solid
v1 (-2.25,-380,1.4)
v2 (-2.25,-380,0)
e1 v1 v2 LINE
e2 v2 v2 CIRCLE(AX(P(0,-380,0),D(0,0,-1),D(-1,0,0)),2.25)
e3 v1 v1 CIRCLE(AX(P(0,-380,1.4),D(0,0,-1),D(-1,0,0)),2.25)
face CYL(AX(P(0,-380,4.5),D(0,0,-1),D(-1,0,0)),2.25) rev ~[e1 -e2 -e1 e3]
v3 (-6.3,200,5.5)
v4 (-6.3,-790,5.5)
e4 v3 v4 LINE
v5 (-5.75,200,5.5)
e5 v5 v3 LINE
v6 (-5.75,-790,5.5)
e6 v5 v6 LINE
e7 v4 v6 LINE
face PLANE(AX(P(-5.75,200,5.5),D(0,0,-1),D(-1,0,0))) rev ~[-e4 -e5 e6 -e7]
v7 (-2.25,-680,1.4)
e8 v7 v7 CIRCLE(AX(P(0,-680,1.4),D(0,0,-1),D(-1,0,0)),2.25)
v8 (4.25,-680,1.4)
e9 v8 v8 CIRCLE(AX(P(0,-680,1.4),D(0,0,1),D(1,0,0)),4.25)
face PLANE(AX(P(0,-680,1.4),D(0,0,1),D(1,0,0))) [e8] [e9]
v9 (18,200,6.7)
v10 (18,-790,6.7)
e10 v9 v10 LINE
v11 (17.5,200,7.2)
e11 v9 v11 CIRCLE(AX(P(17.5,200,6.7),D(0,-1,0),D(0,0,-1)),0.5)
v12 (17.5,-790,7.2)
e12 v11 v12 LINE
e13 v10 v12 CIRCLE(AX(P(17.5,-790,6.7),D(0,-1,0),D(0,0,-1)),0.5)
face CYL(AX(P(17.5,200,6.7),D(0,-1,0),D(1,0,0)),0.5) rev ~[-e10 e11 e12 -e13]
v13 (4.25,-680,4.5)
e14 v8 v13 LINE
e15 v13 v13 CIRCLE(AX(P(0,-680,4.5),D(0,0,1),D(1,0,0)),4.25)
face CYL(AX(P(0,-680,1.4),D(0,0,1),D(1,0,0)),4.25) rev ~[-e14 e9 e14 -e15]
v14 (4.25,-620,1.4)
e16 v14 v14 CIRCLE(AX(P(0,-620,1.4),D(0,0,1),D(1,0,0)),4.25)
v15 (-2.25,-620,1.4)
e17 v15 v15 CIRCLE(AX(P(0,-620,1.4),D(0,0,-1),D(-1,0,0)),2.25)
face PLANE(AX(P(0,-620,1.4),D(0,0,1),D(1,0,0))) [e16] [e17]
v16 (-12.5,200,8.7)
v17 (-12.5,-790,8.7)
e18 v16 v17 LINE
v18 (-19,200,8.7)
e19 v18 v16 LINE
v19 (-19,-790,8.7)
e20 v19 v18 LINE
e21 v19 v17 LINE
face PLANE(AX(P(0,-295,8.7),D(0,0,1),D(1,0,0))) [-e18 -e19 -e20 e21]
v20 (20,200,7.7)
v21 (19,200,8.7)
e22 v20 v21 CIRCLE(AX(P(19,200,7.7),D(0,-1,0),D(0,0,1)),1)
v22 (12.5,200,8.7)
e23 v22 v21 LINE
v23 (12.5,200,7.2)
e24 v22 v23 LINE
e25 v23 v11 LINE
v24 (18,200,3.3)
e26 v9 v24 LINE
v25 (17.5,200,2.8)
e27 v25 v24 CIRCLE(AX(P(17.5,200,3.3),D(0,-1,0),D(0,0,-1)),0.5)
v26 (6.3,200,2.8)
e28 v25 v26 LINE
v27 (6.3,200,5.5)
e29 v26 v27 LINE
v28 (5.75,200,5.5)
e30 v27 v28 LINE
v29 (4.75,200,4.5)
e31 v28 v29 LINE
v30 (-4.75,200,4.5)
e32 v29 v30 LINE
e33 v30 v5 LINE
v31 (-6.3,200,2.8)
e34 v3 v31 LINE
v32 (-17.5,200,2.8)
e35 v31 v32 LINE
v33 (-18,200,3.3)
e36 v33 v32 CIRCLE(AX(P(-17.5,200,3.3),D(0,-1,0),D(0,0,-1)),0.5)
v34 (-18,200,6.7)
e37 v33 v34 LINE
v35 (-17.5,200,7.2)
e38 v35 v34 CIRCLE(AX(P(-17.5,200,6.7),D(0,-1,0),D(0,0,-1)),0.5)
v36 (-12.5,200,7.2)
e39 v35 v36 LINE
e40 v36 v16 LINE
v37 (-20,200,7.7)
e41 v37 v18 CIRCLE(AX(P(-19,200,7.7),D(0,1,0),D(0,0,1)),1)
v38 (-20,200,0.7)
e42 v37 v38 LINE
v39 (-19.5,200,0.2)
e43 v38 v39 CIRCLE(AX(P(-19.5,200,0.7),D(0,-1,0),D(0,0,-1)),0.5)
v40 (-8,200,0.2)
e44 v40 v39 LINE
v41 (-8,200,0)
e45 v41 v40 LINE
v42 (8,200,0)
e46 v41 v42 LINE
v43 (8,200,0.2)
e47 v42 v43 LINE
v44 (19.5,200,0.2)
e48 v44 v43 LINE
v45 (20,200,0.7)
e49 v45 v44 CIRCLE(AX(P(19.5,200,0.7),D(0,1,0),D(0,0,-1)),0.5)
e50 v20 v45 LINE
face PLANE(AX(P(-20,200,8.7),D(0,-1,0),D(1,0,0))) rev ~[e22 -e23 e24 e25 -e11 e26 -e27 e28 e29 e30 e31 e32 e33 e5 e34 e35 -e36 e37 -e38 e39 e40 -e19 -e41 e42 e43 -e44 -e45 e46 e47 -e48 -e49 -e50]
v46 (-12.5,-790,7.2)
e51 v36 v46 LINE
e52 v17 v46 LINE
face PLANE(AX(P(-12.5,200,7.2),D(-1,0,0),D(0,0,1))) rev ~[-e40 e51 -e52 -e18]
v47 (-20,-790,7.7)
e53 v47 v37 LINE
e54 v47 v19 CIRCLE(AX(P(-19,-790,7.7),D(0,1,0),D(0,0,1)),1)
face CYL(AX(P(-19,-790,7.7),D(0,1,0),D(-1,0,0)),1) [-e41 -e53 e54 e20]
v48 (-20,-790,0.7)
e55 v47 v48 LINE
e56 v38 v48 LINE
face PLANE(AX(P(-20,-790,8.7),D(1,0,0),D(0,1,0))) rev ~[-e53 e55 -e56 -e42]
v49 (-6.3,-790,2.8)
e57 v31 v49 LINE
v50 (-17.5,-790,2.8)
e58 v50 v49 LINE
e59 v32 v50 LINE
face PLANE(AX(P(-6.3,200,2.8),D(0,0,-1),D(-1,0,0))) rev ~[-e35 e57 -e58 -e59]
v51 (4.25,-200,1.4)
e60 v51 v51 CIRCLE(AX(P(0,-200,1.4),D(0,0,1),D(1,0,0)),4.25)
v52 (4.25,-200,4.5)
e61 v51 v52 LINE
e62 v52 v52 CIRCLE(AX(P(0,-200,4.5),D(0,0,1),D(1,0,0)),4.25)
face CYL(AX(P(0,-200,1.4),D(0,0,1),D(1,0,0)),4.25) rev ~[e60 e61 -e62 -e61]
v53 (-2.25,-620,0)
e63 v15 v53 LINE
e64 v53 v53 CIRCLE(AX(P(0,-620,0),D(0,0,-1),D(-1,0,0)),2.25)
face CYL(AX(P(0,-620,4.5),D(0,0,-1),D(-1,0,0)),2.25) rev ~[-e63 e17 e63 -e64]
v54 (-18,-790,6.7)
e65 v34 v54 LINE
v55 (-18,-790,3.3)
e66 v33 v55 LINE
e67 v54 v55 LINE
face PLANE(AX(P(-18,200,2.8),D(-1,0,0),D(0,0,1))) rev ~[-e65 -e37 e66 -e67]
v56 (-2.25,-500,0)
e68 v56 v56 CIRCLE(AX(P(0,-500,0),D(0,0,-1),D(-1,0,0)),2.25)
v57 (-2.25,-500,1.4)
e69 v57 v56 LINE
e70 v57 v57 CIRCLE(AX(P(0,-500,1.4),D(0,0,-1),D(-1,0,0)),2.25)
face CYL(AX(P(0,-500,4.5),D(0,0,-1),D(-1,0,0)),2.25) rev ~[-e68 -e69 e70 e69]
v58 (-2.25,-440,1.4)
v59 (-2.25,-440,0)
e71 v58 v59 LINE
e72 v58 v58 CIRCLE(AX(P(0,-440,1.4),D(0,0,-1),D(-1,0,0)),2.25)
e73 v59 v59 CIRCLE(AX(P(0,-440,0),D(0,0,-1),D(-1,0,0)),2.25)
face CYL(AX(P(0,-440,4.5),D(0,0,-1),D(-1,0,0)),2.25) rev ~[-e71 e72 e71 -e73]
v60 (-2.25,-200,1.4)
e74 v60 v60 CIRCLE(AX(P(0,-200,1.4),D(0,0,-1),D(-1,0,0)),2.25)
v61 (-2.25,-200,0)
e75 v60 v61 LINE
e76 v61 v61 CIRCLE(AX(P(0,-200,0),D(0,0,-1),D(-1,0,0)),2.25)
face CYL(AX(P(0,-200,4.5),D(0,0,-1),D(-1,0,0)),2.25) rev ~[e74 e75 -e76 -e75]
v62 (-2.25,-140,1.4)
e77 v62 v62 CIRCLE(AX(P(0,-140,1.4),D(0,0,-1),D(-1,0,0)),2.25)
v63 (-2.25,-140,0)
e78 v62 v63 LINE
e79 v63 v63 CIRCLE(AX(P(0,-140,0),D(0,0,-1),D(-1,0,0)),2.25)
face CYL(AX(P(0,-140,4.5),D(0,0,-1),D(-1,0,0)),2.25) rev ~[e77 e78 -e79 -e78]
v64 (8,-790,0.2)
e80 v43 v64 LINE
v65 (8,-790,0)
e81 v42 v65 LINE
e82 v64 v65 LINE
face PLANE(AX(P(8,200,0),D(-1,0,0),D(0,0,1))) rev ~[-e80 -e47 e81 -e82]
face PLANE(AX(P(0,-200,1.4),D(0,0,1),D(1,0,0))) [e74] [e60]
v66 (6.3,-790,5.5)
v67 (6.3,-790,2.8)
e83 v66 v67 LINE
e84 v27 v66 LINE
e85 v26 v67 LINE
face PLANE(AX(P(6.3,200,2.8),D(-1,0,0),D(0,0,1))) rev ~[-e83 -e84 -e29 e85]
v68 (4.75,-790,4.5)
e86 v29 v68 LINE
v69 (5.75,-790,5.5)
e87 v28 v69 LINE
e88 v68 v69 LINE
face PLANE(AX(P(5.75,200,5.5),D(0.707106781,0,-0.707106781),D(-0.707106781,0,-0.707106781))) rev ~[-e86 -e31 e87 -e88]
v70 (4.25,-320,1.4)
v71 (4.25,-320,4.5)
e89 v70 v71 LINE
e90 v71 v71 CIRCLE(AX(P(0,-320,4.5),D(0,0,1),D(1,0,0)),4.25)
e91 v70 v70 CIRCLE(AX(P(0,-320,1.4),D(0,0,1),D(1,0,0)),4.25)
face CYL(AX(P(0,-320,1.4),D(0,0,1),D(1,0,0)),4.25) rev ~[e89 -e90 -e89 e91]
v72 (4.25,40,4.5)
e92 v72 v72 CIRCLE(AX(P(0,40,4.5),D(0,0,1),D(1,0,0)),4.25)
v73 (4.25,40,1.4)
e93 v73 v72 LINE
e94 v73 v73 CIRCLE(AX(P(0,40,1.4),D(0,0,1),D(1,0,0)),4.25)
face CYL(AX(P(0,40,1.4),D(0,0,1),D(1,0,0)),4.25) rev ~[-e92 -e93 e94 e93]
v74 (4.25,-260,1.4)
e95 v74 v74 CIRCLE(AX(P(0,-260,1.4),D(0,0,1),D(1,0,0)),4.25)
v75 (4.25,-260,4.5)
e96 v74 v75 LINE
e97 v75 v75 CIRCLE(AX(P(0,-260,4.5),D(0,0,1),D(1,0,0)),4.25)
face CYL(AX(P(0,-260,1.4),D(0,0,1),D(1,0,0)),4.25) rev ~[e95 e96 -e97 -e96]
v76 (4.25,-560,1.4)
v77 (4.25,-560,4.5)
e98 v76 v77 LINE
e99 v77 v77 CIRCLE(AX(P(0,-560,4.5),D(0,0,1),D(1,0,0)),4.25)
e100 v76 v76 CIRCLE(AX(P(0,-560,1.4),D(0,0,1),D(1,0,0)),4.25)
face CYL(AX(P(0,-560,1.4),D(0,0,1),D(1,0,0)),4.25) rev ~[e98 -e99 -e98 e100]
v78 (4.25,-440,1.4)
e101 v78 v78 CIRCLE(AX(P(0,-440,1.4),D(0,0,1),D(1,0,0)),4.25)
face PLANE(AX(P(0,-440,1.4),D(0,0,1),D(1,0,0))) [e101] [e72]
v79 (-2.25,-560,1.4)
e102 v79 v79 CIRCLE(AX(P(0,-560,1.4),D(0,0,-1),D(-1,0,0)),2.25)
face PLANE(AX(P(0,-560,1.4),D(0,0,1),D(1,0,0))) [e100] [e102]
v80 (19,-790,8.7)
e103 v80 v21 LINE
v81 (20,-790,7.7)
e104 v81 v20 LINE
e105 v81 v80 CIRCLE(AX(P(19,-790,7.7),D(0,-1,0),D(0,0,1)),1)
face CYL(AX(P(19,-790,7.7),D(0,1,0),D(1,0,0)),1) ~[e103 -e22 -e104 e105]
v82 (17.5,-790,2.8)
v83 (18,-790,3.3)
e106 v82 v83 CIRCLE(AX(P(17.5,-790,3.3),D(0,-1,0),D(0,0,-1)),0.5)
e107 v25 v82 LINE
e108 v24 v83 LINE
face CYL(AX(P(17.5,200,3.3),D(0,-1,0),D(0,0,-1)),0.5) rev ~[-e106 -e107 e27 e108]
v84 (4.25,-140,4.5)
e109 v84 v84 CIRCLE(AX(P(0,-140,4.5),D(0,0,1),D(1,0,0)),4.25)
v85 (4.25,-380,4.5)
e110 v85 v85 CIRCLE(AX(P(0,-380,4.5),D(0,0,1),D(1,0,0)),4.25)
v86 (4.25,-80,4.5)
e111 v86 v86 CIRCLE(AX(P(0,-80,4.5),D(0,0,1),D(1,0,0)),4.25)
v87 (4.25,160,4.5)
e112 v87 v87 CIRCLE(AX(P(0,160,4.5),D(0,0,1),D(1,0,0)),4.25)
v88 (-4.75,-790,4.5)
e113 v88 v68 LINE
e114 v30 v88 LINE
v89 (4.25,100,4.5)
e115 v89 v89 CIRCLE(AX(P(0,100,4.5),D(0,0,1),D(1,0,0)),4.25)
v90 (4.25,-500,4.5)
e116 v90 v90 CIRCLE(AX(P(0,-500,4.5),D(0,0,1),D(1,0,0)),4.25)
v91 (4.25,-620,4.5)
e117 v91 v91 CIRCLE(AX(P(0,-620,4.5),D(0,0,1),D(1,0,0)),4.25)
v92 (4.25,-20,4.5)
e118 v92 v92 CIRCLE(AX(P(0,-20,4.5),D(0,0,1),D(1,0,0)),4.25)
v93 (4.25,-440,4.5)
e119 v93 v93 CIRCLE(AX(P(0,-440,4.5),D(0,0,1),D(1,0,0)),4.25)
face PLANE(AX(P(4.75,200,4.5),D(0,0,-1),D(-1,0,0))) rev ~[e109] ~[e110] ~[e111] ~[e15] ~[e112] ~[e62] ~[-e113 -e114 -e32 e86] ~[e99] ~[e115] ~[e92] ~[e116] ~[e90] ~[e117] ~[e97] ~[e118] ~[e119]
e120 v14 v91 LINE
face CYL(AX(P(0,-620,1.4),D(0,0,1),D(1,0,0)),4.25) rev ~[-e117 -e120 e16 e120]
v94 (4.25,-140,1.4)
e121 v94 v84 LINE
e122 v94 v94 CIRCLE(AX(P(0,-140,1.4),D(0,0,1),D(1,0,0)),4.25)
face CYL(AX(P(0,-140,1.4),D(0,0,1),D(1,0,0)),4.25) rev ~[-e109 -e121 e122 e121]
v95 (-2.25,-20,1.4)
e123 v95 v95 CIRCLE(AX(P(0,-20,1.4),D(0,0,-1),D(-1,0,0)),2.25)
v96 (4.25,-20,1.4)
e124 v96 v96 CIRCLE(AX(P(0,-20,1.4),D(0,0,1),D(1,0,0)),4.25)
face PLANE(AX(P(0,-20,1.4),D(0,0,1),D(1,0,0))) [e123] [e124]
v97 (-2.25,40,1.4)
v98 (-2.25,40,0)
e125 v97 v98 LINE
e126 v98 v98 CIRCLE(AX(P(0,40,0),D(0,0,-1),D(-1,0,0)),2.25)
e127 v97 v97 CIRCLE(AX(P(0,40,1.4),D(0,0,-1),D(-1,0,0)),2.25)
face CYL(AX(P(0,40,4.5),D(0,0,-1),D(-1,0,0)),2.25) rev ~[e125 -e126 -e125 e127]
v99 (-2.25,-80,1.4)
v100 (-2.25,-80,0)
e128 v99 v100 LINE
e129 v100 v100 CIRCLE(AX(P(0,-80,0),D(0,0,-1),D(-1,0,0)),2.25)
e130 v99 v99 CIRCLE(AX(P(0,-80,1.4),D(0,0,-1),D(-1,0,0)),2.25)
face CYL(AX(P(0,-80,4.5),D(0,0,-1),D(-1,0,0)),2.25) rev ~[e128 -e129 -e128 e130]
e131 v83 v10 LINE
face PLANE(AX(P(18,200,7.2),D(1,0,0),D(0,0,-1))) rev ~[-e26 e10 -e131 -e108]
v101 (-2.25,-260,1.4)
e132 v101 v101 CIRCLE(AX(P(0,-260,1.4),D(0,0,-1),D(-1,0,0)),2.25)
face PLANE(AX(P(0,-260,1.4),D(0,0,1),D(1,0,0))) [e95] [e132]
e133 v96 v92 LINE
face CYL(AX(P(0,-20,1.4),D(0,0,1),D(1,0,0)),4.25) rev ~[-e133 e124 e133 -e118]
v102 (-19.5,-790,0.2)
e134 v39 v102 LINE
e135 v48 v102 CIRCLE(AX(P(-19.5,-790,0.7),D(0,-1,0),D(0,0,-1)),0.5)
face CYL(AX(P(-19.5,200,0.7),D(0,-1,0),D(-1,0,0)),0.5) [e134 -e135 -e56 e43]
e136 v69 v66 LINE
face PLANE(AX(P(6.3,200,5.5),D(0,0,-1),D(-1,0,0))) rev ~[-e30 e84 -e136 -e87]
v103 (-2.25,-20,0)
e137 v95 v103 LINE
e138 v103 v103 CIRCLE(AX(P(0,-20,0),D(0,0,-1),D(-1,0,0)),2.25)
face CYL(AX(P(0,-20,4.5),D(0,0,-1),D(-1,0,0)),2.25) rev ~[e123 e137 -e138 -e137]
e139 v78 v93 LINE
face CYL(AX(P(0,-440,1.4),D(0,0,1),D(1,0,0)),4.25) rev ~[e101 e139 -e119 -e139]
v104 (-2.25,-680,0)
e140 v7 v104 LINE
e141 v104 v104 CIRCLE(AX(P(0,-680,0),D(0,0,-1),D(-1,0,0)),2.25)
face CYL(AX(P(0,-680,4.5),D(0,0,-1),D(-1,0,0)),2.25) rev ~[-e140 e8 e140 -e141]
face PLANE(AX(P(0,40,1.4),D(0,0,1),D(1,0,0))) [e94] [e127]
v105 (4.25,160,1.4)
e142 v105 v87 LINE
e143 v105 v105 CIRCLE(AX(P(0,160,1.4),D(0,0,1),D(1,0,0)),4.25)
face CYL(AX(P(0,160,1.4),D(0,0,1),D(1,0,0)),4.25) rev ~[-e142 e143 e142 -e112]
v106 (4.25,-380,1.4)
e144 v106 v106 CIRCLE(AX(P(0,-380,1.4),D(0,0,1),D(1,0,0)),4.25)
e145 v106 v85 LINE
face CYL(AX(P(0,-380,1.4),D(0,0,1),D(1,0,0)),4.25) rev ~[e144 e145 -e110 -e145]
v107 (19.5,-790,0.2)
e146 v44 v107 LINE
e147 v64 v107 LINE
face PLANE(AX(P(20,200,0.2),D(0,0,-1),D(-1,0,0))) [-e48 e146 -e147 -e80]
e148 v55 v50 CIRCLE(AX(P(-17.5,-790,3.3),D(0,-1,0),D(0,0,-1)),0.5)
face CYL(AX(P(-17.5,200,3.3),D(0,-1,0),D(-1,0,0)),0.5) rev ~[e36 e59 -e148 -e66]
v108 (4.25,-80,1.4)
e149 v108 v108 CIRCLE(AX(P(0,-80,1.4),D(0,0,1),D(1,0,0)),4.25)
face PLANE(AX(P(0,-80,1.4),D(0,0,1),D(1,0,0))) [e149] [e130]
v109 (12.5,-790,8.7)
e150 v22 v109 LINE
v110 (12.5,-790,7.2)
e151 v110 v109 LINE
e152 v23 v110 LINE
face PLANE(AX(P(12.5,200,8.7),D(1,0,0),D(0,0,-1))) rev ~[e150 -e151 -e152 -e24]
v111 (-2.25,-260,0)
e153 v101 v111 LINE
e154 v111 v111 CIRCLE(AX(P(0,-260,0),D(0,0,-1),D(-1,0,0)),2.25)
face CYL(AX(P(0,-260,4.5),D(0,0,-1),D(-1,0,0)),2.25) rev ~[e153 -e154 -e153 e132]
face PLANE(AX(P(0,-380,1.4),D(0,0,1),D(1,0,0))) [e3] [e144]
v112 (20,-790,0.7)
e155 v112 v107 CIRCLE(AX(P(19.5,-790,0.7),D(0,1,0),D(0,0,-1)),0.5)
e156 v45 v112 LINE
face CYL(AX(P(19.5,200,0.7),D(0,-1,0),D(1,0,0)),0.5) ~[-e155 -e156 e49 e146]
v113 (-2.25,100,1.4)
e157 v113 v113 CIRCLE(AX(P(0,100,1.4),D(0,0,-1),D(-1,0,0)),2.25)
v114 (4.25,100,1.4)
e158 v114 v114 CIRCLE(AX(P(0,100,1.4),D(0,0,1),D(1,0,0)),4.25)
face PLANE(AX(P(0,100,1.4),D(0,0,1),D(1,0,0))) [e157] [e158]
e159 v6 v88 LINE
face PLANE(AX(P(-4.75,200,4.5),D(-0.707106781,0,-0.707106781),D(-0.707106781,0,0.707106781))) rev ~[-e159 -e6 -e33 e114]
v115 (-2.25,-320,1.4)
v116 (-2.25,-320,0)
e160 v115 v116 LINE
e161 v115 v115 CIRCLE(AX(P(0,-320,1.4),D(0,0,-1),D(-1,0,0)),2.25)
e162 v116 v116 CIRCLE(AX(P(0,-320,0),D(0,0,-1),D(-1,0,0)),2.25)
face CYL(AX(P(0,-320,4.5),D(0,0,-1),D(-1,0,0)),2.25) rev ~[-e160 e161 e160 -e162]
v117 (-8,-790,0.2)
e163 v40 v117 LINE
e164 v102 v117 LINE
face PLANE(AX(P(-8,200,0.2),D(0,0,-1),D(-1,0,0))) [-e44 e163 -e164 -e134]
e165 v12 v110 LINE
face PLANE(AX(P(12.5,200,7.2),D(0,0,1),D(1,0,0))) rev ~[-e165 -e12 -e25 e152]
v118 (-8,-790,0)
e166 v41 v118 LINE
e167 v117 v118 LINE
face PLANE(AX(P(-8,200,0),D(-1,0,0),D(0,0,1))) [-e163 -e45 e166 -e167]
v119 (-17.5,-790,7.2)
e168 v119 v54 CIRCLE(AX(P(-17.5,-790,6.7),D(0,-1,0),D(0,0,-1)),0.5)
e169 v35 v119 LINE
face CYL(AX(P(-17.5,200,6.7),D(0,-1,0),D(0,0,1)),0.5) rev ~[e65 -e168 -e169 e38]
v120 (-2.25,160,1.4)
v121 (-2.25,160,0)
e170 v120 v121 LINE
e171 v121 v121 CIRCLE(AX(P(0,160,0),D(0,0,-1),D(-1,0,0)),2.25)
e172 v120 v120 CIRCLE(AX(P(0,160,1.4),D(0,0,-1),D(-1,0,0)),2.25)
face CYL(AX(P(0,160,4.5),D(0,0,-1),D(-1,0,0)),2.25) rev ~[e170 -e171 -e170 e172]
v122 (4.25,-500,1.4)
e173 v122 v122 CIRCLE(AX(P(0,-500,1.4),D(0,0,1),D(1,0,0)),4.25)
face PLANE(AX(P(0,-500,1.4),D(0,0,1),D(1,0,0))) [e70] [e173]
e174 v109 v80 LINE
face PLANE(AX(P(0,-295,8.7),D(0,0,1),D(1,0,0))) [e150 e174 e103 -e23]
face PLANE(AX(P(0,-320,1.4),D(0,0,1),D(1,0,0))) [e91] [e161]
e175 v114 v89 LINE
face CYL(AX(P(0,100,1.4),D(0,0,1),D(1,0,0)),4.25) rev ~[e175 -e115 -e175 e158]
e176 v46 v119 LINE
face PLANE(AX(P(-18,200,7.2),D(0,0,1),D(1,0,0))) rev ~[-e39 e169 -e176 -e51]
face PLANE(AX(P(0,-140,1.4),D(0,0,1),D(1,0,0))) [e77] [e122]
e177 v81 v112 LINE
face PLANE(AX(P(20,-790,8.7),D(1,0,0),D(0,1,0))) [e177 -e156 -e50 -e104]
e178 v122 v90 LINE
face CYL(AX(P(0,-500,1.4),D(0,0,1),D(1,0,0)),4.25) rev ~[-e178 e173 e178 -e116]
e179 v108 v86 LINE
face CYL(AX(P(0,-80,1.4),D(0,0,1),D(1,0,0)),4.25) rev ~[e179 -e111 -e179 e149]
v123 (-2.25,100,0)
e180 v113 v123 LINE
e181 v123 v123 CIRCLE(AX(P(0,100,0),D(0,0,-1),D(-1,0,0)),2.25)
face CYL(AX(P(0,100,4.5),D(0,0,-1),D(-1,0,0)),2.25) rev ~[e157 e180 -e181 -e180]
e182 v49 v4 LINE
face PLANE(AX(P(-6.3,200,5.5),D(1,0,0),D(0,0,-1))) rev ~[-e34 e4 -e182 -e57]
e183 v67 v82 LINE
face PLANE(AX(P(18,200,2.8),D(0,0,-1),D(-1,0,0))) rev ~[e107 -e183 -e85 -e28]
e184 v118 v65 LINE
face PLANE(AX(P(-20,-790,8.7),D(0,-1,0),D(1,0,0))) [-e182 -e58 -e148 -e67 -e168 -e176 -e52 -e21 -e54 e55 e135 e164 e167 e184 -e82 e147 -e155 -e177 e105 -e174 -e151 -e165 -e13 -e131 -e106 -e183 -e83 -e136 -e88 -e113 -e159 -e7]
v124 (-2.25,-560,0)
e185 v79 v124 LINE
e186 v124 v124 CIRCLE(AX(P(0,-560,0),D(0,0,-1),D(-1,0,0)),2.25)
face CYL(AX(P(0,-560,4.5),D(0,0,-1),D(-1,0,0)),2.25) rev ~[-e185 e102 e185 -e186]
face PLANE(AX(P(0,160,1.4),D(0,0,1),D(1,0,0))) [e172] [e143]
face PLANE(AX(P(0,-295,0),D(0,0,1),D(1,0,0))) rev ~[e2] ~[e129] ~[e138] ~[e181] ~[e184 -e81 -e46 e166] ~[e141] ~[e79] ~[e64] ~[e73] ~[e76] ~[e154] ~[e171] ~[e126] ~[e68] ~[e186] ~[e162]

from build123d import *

# Parameters (mm, degrees)
ESQUISSE1_W                                        = 40
ESQUISSE1_H                                        = 990
BOSS_EXTRU_1_DEPTH                                 = 8.7
ENL_V_MAT_EXTRU_1_DEPTH                            = 991.240218331
ESQUISSE3_W                                        = 12
ESQUISSE3_H                                        = 0.2
ENL_V_MAT_EXTRU_2_DEPTH                            = 991.240218331
ESQUISSE4_W                                        = 12
ESQUISSE4_H                                        = 0.2
ENL_V_MAT_EXTRU_3_DEPTH                            = 991.240218331
CHAMBRAGE_POUR_VIS_T_TE_HEXAGONALE_M41_D           = 4.5
CHAMBRAGE_POUR_VIS_T_TE_HEXAGONALE_M41_CBORE_D     = 8.5
CHAMBRAGE_POUR_VIS_T_TE_HEXAGONALE_M41_CBORE_DEPTH = 3.1
CONG_1_R                                           = 0.5
CONG_2_R                                           = 1
R_P_TITION_LIN_AIRE1_COUNT                         = 13
R_P_TITION_LIN_AIRE1_PITCH                         = 60


with BuildPart() as part:
    # Esquisse1 → Boss.-Extru.1 (new body)
    with BuildSketch(Plane.XY.offset(8.7)):
        with Locations((0, -295)):
            Rectangle(ESQUISSE1_W, ESQUISSE1_H)
    extrude(amount=-BOSS_EXTRU_1_DEPTH)

    # Esquisse2 → Enlèv. mat.-Extru.1 (cut, through all)
    with BuildSketch(Plane(origin=(0, 200, 0), x_dir=(-1, 0, 0), z_dir=(0, 1, 0))):
        Polygon((12.5, 8.7), (-12.5, 8.7), (-12.5, 7.2), (-18, 7.2), (-18, 2.8), (-6.3, 2.8), (-6.3, 5.5), (-5.75, 5.5), (-4.75, 4.5), (4.75, 4.5), (5.75, 5.5), (6.3, 5.5), (6.3, 2.8), (18, 2.8), (18, 7.2), (12.5, 7.2), align=None)
    extrude(amount=-ENL_V_MAT_EXTRU_1_DEPTH, mode=Mode.SUBTRACT)

    # Esquisse3 → Enlèv. mat.-Extru.2 (cut, through all)
    with BuildSketch(Plane(origin=(0, 200, 0), x_dir=(-1, 0, 0), z_dir=(0, 1, 0))):
        with Locations((14, 0.1)):
            Rectangle(ESQUISSE3_W, ESQUISSE3_H)
    extrude(amount=-ENL_V_MAT_EXTRU_2_DEPTH, mode=Mode.SUBTRACT)

    # Esquisse4 → Enlèv. mat.-Extru.3 (cut, through all)
    with BuildSketch(Plane(origin=(0, 200, 0), x_dir=(-1, 0, 0), z_dir=(0, 1, 0))):
        with Locations((-14, 0.1)):
            Rectangle(ESQUISSE4_W, ESQUISSE4_H)
    extrude(amount=-ENL_V_MAT_EXTRU_3_DEPTH, mode=Mode.SUBTRACT)

    # Chambrage pour vis à tête hexagonale M41 (through all)
    with Locations(Plane.XY.offset(4.5)):
        with Locations((0, 40), (0, 100), (0, 160)):
            chambrage_pour_vis_t_te_hexagonale_m41 = CounterBoreHole(CHAMBRAGE_POUR_VIS_T_TE_HEXAGONALE_M41_D / 2, CHAMBRAGE_POUR_VIS_T_TE_HEXAGONALE_M41_CBORE_D / 2, CHAMBRAGE_POUR_VIS_T_TE_HEXAGONALE_M41_CBORE_DEPTH)

    # Congé1
    cong_1_edges = [part.edges().sort_by_distance(p)[0] for p in [
        (-18, -295, 7.2),
        (-18, -295, 2.8),
        (18, -295, 2.8),
        (18, -295, 7.2),
        (-20, -295, 0.2),
        (20, -295, 0.2),
    ]]
    fillet(cong_1_edges, radius=CONG_1_R)

    # Congé2
    cong_2_edges = [part.edges().sort_by_distance(p)[0] for p in [
        (-20, -295, 8.7),
        (20, -295, 8.7),
    ]]
    fillet(cong_2_edges, radius=CONG_2_R)

    # Répétition linéaire1: Chambrage pour vis à tête hexagonale M41 ×13
    with Locations(*[(0, -i * R_P_TITION_LIN_AIRE1_PITCH, 0) for i in range(1, R_P_TITION_LIN_AIRE1_COUNT)]):
        add(chambrage_pour_vis_t_te_hexagonale_m41, mode=Mode.SUBTRACT)


solid = part.part
